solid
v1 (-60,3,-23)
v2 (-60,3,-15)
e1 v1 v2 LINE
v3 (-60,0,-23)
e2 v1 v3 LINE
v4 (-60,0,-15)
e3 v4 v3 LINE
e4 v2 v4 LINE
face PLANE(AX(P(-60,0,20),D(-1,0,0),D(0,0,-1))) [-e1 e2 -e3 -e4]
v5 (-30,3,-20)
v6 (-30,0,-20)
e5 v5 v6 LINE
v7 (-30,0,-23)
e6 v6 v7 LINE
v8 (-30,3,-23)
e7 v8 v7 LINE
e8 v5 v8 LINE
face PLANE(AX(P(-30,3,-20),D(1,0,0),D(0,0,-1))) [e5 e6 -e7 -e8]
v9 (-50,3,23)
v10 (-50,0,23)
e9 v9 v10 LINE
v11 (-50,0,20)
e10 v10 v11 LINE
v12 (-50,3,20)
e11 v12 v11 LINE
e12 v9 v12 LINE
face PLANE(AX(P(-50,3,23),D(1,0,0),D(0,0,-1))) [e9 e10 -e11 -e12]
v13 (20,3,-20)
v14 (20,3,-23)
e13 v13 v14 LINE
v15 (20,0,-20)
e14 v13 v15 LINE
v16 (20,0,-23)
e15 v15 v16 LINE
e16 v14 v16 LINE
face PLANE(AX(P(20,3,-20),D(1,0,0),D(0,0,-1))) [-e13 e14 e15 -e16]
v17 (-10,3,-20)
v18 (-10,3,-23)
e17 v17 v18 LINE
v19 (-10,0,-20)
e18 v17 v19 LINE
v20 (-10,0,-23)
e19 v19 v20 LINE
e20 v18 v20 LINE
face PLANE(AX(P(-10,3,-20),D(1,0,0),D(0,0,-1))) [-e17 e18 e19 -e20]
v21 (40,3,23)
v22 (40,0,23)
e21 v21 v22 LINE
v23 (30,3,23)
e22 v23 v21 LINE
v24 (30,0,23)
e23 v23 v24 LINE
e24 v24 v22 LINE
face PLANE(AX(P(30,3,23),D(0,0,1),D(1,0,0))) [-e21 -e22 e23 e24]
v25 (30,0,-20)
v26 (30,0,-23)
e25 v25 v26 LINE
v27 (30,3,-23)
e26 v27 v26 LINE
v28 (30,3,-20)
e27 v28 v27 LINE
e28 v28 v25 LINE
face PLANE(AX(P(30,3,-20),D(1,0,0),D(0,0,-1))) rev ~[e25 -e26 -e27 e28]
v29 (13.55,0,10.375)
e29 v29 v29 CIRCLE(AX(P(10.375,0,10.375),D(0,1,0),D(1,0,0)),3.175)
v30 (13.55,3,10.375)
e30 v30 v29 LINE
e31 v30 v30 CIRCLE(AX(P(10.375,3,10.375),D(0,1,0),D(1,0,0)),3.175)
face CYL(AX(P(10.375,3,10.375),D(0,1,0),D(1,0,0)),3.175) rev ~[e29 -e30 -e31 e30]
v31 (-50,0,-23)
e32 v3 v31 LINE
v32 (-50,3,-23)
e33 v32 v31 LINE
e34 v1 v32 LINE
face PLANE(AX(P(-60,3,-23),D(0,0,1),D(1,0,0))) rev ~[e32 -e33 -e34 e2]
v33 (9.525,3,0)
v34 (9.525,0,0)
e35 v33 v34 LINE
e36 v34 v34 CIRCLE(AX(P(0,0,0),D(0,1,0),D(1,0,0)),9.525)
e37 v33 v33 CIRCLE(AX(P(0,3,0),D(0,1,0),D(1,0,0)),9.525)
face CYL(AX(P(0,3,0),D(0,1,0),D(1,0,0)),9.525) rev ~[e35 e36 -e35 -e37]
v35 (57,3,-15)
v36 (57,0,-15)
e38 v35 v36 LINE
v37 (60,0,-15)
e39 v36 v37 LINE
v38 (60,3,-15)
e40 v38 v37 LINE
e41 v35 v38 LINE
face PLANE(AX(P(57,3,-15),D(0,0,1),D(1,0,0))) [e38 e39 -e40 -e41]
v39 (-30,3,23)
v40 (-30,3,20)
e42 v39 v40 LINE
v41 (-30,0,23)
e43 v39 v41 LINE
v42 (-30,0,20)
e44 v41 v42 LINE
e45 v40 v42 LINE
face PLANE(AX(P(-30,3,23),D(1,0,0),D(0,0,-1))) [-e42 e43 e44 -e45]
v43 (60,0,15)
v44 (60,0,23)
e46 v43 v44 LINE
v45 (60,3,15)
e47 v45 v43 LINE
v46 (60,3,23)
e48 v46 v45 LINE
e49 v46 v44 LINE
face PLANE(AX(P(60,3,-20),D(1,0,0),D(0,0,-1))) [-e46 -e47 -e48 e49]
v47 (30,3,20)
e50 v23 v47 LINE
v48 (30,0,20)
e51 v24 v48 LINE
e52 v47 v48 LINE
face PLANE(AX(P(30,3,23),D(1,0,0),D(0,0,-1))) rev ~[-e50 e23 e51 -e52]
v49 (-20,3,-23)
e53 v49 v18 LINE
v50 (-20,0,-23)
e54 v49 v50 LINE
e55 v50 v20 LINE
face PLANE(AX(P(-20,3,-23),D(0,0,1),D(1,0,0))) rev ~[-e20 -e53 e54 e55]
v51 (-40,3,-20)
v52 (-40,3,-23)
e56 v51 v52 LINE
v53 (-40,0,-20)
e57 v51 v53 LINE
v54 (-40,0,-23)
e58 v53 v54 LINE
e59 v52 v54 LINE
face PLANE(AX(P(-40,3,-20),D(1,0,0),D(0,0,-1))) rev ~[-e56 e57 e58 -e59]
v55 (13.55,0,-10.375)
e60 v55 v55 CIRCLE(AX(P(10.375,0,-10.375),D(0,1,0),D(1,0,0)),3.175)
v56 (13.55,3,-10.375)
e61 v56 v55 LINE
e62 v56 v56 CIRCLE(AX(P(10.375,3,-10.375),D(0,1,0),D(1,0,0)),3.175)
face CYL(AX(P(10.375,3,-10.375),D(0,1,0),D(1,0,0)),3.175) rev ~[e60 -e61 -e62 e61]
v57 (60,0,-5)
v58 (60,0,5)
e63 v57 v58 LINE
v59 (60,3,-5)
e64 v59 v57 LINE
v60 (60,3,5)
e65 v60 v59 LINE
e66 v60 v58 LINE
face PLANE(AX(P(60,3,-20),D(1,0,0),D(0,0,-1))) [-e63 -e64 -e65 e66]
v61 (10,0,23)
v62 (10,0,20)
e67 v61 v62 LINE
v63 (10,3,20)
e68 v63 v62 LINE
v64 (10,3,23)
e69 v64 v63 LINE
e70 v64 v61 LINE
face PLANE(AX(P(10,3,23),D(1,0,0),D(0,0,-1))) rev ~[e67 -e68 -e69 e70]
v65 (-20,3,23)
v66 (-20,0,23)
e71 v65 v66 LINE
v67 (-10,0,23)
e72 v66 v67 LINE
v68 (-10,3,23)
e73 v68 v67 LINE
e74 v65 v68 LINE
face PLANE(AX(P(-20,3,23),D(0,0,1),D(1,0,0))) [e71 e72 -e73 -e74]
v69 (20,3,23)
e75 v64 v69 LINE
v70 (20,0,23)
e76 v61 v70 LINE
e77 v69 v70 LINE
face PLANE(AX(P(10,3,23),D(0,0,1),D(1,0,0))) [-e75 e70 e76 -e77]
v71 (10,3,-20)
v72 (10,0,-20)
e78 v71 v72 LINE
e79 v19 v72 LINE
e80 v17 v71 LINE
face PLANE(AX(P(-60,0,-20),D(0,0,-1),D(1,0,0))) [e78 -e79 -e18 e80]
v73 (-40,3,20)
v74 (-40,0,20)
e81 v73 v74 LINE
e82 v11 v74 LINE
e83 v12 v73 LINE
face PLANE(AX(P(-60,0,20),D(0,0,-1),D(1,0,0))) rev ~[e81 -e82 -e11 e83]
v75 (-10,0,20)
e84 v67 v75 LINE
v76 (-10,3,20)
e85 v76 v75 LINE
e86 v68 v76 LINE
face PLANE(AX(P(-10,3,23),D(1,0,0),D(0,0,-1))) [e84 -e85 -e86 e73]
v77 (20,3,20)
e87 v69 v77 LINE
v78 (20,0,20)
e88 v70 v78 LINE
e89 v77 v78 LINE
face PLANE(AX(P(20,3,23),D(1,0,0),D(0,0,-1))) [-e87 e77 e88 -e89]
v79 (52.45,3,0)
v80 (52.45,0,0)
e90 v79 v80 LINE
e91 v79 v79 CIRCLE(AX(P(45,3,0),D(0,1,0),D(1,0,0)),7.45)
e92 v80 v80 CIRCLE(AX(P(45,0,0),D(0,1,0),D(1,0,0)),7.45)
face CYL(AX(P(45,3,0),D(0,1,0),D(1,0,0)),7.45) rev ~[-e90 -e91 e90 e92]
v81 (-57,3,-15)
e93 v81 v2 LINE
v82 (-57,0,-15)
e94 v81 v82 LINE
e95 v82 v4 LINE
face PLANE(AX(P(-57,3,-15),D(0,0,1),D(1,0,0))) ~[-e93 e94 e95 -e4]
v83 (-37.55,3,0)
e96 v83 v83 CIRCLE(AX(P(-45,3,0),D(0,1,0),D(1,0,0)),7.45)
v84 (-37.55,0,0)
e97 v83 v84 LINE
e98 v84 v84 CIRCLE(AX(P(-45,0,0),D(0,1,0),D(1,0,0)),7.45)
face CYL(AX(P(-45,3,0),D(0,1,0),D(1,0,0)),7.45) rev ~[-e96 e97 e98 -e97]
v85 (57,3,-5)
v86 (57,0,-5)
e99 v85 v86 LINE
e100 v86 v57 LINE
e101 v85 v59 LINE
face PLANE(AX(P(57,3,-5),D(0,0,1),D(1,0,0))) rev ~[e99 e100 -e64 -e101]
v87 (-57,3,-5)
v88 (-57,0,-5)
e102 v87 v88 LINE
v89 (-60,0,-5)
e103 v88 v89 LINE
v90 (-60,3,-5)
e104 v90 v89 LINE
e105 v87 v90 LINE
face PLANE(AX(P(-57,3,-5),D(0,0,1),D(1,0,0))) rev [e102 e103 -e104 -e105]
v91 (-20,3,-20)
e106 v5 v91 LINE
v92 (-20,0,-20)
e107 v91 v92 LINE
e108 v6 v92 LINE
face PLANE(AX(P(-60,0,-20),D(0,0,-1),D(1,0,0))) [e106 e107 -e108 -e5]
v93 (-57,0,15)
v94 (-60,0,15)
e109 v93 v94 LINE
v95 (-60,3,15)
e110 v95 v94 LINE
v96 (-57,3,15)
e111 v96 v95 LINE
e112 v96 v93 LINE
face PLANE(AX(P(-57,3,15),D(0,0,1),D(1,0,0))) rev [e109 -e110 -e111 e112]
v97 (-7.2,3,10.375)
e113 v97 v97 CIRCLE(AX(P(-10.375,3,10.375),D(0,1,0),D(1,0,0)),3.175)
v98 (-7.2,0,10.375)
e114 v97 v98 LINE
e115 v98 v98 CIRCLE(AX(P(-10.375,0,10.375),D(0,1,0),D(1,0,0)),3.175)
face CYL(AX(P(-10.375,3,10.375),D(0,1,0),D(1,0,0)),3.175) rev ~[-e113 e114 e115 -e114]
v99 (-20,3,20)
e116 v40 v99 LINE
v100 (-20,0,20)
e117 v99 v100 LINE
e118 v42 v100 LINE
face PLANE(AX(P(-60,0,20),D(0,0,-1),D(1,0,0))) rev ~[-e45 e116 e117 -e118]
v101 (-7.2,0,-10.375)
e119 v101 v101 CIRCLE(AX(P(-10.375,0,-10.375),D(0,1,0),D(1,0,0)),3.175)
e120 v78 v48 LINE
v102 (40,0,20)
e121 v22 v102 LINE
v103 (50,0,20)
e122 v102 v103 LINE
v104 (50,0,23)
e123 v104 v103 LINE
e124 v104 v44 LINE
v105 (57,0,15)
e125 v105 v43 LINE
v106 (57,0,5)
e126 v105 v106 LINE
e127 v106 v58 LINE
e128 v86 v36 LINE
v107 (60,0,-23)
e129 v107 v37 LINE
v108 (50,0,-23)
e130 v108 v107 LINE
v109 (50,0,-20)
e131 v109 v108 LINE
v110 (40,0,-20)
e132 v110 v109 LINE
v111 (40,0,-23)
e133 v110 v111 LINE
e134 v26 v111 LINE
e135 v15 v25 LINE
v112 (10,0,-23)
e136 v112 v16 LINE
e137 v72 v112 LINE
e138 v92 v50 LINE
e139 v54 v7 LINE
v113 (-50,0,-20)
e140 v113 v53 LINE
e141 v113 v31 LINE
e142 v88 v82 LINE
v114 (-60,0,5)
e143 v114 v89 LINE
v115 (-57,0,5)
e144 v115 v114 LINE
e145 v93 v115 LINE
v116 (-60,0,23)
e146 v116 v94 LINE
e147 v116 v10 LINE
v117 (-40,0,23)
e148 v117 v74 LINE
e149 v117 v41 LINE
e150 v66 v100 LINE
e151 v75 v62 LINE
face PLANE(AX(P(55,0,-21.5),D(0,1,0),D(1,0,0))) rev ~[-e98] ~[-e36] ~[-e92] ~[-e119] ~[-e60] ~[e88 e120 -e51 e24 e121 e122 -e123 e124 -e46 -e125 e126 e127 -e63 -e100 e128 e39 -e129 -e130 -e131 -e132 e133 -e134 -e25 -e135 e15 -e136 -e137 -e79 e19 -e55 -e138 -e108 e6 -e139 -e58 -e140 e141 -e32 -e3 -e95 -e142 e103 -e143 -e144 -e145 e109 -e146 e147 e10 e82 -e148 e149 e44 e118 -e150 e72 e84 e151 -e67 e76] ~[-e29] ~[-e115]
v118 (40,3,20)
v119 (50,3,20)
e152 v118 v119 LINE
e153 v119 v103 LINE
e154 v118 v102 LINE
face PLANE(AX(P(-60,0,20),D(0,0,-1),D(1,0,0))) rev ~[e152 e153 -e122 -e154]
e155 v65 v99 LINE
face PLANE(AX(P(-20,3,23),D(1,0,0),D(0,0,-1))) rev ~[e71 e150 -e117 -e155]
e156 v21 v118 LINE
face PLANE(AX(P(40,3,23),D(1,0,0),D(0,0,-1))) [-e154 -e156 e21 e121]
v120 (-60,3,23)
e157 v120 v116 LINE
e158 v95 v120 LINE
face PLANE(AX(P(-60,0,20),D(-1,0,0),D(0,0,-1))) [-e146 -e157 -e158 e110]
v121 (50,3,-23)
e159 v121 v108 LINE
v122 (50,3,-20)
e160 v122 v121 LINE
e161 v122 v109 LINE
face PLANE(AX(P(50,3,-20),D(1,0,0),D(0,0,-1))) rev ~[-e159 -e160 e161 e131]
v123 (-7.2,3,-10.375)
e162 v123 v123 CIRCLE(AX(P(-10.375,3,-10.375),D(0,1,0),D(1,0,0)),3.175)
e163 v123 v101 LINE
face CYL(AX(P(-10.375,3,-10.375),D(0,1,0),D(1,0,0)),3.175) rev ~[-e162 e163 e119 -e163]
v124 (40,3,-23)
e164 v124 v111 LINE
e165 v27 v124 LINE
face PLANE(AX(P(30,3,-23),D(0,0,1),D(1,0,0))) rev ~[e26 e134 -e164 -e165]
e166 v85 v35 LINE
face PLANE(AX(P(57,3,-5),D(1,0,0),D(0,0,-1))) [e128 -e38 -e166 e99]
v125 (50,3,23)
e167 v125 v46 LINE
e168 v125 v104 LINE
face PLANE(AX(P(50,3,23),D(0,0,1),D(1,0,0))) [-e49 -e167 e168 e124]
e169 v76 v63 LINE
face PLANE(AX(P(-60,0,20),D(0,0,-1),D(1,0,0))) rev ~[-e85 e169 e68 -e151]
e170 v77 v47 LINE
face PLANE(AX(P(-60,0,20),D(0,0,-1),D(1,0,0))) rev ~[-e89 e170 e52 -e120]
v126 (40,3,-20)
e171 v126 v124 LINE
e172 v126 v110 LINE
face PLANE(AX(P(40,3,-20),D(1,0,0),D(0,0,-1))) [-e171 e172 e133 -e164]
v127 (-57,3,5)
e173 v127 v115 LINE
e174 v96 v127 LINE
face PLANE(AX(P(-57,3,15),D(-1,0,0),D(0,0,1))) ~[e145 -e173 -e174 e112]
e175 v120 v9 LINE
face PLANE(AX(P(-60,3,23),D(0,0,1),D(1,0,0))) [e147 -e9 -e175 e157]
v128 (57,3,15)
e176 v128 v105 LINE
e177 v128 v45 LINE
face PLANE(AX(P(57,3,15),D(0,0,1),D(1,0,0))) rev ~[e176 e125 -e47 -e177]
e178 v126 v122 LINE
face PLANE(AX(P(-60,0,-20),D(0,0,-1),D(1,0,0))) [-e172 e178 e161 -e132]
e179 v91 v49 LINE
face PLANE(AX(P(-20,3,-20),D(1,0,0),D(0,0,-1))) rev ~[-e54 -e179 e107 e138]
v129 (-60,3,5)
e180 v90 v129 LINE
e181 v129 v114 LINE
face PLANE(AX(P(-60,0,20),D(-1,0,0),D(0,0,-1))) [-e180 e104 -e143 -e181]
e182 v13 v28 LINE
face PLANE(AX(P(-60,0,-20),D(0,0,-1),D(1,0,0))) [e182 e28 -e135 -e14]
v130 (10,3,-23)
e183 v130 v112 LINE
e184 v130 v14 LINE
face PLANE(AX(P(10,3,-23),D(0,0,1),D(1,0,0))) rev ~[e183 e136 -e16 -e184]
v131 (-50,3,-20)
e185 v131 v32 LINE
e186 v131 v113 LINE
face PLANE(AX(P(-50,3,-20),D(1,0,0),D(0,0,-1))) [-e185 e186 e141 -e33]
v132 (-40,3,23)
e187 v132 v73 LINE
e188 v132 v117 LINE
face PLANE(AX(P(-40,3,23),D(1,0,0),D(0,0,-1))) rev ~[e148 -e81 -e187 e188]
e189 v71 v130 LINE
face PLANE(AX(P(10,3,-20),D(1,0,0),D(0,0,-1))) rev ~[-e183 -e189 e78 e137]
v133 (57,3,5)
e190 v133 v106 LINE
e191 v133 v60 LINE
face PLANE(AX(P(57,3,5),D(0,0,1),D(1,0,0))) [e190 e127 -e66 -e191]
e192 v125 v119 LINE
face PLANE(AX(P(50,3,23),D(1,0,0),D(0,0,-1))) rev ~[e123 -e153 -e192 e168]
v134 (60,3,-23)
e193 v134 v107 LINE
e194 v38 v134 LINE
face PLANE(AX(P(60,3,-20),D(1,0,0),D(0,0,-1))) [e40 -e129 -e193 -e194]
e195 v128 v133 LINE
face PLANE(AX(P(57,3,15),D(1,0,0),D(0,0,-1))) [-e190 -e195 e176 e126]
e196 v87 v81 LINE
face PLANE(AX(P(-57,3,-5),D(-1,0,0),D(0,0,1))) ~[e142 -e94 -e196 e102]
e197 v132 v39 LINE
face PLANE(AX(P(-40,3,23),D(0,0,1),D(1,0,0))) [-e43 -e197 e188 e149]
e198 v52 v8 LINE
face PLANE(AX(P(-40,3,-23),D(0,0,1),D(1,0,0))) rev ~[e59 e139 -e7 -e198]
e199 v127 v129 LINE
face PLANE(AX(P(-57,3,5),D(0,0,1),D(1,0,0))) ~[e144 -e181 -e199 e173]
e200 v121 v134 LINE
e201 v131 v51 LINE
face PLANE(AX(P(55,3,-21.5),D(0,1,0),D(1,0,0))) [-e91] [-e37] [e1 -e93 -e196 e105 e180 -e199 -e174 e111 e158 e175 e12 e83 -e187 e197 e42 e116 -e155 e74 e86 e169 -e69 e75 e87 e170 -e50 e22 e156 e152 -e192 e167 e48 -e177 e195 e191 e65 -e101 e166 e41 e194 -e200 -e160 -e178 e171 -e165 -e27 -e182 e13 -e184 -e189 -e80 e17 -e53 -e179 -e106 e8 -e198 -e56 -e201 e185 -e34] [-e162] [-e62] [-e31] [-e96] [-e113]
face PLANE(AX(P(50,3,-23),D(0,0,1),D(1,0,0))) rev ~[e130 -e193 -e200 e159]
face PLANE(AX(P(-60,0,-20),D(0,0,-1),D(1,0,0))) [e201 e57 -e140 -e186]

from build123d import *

# Parameters (mm, degrees)
SKETCH1_W           = 120
SKETCH1_H           = 40
BOSS_EXTRUDE1_DEPTH = 3
SKETCH2_R           = 7.45
SKETCH2_R_2         = 9.525
SKETCH2_R_3         = 3.175
CUT_EXTRUDE1_DEPTH  = 4
SKETCH4_W           = 10
SKETCH4_H           = 3
BOSS_EXTRUDE2_DEPTH = 3
SKETCH5_W           = 3
SKETCH5_H           = 10
CUT_EXTRUDE2_DEPTH  = 4


with BuildPart() as part:
    # Sketch1 → Boss-Extrude1 (new body)
    with BuildSketch(Plane(origin=(0, 0, 0), x_dir=(1, 0, 0), z_dir=(0, 1, 0))):
        Rectangle(SKETCH1_W, SKETCH1_H)
    extrude(amount=BOSS_EXTRUDE1_DEPTH)

    # Sketch2 → Cut-Extrude1 (cut, through all)
    with BuildSketch(Plane(origin=(0, 3, 0), x_dir=(1, 0, 0), z_dir=(0, 1, 0))):
        with Locations((45, 0)):
            Circle(SKETCH2_R)
        with Locations((-45, 0)):
            Circle(SKETCH2_R)
        Circle(SKETCH2_R_2)
        with Locations((10.375, 10.375)):
            Circle(SKETCH2_R_3)
        with Locations((10.375, -10.375)):
            Circle(SKETCH2_R_3)
        with Locations((-10.375, -10.375)):
            Circle(SKETCH2_R_3)
        with Locations((-10.375, 10.375)):
            Circle(SKETCH2_R_3)
    extrude(amount=-CUT_EXTRUDE1_DEPTH, mode=Mode.SUBTRACT)

    # Sketch4 → Boss-Extrude2 (add)
    with BuildSketch(Plane(origin=(0, 3, 0), x_dir=(1, 0, 0), z_dir=(0, 1, 0))):
        with Locations((15, 21.5)):
            Rectangle(SKETCH4_W, SKETCH4_H)
        with Locations((35, 21.5)):
            Rectangle(SKETCH4_W, SKETCH4_H)
        with Locations((55, 21.5)):
            Rectangle(SKETCH4_W, SKETCH4_H)
        with Locations((-55, 21.5)):
            Rectangle(SKETCH4_W, SKETCH4_H)
        with Locations((-35, 21.5)):
            Rectangle(SKETCH4_W, SKETCH4_H)
        with Locations((-15, 21.5)):
            Rectangle(SKETCH4_W, SKETCH4_H)
        with Locations((-15, -21.5)):
            Rectangle(SKETCH4_W, SKETCH4_H)
        with Locations((-35, -21.5)):
            Rectangle(SKETCH4_W, SKETCH4_H)
        with Locations((-55, -21.5)):
            Rectangle(SKETCH4_W, SKETCH4_H)
        with Locations((55, -21.5)):
            Rectangle(SKETCH4_W, SKETCH4_H)
        with Locations((35, -21.5)):
            Rectangle(SKETCH4_W, SKETCH4_H)
        with Locations((15, -21.5)):
            Rectangle(SKETCH4_W, SKETCH4_H)
    extrude(amount=-BOSS_EXTRUDE2_DEPTH)

    # Sketch5 → Cut-Extrude2 (cut, through all)
    with BuildSketch(Plane(origin=(0, 3, 0), x_dir=(1, 0, 0), z_dir=(0, 1, 0))):
        with Locations((58.5, 10)):
            Rectangle(SKETCH5_W, SKETCH5_H)
        with Locations((58.5, -10)):
            Rectangle(SKETCH5_W, SKETCH5_H)
    cut_extrude2 = extrude(amount=-CUT_EXTRUDE2_DEPTH, mode=Mode.SUBTRACT)

    # Mirror1: Cut-Extrude2 across plane
    add(cut_extrude2.mirror(Plane(origin=(0, 0, 0), x_dir=(0, 0, 1), z_dir=(1, 0, 0))), mode=Mode.SUBTRACT)


solid = part.part
